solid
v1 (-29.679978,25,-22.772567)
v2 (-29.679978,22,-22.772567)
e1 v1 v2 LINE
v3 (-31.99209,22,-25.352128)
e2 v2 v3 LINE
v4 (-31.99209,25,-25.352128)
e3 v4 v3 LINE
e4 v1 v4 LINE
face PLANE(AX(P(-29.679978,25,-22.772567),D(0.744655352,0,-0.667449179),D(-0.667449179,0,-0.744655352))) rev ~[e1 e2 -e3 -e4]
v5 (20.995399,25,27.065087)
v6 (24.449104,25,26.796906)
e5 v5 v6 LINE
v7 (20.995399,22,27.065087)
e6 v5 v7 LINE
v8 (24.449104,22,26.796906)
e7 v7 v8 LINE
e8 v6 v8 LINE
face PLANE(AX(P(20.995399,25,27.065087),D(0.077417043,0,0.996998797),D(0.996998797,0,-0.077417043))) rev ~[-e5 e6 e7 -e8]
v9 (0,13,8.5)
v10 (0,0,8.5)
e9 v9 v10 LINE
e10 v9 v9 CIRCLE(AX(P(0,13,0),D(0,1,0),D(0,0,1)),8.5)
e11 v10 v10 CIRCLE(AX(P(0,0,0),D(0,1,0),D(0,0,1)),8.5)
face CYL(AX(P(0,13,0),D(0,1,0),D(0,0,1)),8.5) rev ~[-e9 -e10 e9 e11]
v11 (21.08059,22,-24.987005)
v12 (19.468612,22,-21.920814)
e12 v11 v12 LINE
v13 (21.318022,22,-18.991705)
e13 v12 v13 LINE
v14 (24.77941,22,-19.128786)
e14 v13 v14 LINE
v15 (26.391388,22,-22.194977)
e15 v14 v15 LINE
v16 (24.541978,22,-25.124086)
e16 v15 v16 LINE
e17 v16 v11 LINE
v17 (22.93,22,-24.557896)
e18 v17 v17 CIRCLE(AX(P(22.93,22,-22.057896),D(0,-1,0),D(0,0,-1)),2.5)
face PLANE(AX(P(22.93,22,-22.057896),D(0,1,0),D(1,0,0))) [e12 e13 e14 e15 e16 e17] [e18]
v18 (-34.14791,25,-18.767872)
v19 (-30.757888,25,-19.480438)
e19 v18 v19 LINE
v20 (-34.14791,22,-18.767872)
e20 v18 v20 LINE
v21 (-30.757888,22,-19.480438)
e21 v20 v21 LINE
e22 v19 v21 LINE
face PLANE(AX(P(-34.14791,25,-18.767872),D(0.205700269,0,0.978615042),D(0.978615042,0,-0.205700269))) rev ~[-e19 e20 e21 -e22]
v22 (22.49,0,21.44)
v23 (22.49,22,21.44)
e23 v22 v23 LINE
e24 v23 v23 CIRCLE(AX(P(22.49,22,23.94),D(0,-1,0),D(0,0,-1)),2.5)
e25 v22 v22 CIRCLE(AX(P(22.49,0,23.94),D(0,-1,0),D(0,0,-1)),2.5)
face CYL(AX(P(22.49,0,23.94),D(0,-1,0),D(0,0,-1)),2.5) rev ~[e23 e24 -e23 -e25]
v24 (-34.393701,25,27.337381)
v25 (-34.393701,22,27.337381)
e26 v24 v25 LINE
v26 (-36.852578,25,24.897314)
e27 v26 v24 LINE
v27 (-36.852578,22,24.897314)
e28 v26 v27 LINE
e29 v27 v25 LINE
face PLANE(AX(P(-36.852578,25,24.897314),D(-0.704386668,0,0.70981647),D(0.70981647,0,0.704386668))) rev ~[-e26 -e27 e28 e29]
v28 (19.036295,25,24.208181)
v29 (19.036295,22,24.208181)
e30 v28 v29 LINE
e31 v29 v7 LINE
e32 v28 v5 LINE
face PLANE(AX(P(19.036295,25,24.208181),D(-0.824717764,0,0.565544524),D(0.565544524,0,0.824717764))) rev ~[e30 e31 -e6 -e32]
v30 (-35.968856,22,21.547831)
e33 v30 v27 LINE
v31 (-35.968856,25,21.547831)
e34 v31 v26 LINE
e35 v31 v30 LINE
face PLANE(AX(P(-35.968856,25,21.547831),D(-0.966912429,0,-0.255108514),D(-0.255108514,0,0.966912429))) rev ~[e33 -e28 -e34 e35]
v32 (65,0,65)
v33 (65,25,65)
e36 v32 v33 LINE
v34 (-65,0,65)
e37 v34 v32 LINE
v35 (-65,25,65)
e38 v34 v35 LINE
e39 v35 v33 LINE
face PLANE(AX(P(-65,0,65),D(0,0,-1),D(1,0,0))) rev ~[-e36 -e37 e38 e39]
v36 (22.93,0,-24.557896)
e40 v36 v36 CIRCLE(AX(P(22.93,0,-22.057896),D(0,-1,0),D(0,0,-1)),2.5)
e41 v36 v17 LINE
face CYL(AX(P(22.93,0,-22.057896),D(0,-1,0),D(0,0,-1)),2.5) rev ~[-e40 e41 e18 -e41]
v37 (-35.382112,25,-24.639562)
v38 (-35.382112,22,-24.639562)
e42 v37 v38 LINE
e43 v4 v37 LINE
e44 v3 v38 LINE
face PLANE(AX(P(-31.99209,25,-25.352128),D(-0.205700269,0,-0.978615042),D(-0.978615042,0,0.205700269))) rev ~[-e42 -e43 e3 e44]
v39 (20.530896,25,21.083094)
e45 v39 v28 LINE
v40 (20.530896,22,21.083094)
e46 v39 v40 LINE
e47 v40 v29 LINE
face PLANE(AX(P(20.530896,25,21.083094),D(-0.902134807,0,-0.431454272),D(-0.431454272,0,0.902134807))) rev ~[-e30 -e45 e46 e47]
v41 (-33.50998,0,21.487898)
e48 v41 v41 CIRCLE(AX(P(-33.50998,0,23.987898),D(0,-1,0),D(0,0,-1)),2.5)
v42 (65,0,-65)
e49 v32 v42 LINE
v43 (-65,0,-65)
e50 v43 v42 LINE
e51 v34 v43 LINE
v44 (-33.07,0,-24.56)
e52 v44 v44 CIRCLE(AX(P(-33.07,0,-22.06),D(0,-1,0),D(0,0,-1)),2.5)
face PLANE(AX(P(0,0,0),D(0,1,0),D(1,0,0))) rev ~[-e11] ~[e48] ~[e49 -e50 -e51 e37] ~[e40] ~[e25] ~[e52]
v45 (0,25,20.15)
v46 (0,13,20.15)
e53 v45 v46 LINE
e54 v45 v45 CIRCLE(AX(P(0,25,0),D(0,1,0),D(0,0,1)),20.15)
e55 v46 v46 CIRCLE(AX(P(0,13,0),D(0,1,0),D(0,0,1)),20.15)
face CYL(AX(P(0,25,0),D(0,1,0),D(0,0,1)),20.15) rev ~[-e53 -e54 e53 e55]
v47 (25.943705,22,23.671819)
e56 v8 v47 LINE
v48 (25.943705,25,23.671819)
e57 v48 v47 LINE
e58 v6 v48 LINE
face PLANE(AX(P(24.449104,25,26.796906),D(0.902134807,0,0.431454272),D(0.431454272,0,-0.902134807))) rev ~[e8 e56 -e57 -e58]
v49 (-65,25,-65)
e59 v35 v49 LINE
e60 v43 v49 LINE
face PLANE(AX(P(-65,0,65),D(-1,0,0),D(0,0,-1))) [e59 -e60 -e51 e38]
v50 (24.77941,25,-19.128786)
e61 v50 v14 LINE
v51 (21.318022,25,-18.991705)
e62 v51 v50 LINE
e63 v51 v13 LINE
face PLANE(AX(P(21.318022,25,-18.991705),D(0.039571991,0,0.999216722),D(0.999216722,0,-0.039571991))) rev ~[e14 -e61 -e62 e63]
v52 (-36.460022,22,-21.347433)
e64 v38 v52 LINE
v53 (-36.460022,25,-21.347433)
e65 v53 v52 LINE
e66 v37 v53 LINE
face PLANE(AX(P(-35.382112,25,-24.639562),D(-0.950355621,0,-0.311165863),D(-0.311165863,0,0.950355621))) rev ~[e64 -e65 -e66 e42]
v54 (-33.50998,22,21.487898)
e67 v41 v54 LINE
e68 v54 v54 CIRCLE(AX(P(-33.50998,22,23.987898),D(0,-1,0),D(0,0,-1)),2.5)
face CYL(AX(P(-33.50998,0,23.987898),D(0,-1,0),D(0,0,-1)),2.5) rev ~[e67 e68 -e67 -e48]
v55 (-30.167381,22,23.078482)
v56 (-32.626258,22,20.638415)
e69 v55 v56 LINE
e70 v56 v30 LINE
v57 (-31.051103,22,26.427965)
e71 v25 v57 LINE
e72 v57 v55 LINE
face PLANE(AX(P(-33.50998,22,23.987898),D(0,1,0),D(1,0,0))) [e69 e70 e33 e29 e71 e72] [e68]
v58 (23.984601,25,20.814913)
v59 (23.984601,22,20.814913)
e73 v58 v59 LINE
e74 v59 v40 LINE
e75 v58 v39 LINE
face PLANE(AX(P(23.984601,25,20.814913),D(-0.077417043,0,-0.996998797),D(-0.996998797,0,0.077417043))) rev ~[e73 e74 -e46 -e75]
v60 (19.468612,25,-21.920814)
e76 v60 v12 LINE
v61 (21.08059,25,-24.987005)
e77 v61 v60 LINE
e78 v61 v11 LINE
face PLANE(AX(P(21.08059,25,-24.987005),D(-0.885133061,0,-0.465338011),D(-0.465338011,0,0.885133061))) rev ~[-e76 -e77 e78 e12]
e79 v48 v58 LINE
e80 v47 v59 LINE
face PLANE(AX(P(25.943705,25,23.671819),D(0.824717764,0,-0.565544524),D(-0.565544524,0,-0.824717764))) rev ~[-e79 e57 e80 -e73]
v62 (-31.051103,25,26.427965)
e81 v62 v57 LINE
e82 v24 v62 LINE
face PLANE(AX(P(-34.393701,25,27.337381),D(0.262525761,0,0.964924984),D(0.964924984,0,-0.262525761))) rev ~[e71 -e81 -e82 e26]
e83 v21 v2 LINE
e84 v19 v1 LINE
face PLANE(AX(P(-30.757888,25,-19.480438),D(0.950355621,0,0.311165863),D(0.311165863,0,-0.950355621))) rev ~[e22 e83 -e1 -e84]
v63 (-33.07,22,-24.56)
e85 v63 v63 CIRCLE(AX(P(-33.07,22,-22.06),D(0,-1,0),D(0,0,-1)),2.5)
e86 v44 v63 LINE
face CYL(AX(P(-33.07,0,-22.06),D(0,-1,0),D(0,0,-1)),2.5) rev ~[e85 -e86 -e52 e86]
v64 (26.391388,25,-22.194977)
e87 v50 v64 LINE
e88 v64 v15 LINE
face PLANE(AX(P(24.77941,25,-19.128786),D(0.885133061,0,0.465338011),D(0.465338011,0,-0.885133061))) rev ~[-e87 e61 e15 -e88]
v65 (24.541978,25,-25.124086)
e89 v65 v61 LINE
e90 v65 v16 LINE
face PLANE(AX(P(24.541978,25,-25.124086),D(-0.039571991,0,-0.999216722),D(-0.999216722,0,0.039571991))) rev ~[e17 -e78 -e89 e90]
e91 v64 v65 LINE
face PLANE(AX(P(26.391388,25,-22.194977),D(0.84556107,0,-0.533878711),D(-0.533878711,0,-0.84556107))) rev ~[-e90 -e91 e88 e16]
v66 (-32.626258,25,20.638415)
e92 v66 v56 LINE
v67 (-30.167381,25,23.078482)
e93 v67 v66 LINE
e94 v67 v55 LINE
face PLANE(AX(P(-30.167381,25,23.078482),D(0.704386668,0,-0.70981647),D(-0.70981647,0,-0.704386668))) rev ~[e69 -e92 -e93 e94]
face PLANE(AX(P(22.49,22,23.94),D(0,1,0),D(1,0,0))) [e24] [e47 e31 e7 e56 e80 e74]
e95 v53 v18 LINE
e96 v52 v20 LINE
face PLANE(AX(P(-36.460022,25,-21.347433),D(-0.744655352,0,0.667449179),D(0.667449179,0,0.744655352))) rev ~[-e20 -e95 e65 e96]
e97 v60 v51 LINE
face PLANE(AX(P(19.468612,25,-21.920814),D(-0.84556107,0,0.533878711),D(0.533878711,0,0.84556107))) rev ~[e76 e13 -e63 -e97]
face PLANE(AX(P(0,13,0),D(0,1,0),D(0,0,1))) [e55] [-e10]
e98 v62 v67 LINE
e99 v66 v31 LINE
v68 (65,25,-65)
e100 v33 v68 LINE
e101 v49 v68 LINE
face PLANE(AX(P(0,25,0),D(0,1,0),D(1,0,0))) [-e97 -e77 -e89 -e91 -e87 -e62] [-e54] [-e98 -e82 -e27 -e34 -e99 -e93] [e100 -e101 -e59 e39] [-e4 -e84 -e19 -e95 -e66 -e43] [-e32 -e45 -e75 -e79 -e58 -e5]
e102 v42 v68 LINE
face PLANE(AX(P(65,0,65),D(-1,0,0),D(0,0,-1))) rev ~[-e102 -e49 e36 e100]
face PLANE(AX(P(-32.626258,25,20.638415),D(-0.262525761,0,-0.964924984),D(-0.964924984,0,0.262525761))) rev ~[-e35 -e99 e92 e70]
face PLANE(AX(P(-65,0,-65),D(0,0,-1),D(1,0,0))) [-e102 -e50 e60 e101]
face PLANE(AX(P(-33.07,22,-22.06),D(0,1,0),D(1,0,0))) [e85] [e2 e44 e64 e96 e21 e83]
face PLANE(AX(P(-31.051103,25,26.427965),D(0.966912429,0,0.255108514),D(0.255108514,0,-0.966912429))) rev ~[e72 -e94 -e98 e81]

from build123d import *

# Parameters (mm, degrees)
SKETCH1_W           = 130
SKETCH1_H           = 130
BOSS_EXTRUDE1_DEPTH = 25
SKETCH2_R           = 20.15
CUT_EXTRUDE1_DEPTH  = 12
SKETCH3_R           = 8.5
CUT_EXTRUDE2_DEPTH  = 22
SKETCH5_R           = 2.5
CUT_EXTRUDE4_DEPTH  = 30
CUT_EXTRUDE7_DEPTH  = 3


with BuildPart() as part:
    # Sketch1 → Boss-Extrude1 (new body)
    with BuildSketch(Plane(origin=(0, 0, 0), x_dir=(1, 0, 0), z_dir=(0, 1, 0))):
        Rectangle(SKETCH1_W, SKETCH1_H)
    extrude(amount=BOSS_EXTRUDE1_DEPTH)

    # Sketch2 → Cut-Extrude1 (cut)
    with BuildSketch(Plane(origin=(0, 25, 0), x_dir=(1, 0, 0), z_dir=(0, 1, 0))):
        with Locations(Location((0, 0, 0), (0, 0, 270))):
            Circle(SKETCH2_R)
    extrude(amount=-CUT_EXTRUDE1_DEPTH, mode=Mode.SUBTRACT)

    # Sketch3 → Cut-Extrude2 (cut)
    with BuildSketch(Plane(origin=(0, 13, 0), x_dir=(1, 0, 0), z_dir=(0, 1, 0))):
        with Locations(Location((0, 0, 0), (0, 0, 270))):
            Circle(SKETCH3_R)
    extrude(amount=-CUT_EXTRUDE2_DEPTH, mode=Mode.SUBTRACT)

    # Sketch5 → Cut-Extrude4 (cut)
    with BuildSketch(Plane(origin=(0, 0, 0), x_dir=(-1, 0, 0), z_dir=(0, -1, 0))):
        with Locations(Location((-22.49, -23.94, 0), (0, 0, 90))):
            Circle(SKETCH5_R)
        with Locations(Location((33.509979516, -23.987898085, 0), (0, 0, 90))):
            Circle(SKETCH5_R)
        with Locations(Location((33.07, 22.06, 0), (0, 0, 90))):
            Circle(SKETCH5_R)
        with Locations(Location((-22.92999996, 22.057895604, 0), (0, 0, 90))):
            Circle(SKETCH5_R)
    extrude(amount=-CUT_EXTRUDE4_DEPTH, mode=Mode.SUBTRACT)

    # Sketch7 → Cut-Extrude7 (cut)
    with BuildSketch(Plane(origin=(0, 25, 0), x_dir=(1, 0, 0), z_dir=(0, 1, 0))):
        Polygon((23.984601443, -20.814913357), (20.530896299, -21.08309386), (19.036294857, -24.208180504), (20.995398557, -27.065086643), (24.449103701, -26.79690614), (25.943705143, -23.671819496), align=None)
        Polygon((-32.626257702, -20.638415176), (-35.968855897, -21.54783109), (-36.852577711, -24.897313998), (-34.39370133, -27.337380993), (-31.051103134, -26.42796508), (-30.16738132, -23.078482171), align=None)
        Polygon((-34.147910167, 18.767871559), (-30.757888221, 19.480438192), (-29.679978054, 22.772566633), (-31.992089833, 25.352128441), (-35.382111779, 24.639561808), (-36.460021946, 21.347433367), align=None)
        Polygon((24.779410064, 19.128786138), (26.391388221, 22.194977003), (24.541978117, 25.12408647), (21.080589856, 24.987005071), (19.4686117, 21.920814206), (21.318021804, 18.991704739), align=None)
    extrude(amount=-CUT_EXTRUDE7_DEPTH, mode=Mode.SUBTRACT)


solid = part.part
